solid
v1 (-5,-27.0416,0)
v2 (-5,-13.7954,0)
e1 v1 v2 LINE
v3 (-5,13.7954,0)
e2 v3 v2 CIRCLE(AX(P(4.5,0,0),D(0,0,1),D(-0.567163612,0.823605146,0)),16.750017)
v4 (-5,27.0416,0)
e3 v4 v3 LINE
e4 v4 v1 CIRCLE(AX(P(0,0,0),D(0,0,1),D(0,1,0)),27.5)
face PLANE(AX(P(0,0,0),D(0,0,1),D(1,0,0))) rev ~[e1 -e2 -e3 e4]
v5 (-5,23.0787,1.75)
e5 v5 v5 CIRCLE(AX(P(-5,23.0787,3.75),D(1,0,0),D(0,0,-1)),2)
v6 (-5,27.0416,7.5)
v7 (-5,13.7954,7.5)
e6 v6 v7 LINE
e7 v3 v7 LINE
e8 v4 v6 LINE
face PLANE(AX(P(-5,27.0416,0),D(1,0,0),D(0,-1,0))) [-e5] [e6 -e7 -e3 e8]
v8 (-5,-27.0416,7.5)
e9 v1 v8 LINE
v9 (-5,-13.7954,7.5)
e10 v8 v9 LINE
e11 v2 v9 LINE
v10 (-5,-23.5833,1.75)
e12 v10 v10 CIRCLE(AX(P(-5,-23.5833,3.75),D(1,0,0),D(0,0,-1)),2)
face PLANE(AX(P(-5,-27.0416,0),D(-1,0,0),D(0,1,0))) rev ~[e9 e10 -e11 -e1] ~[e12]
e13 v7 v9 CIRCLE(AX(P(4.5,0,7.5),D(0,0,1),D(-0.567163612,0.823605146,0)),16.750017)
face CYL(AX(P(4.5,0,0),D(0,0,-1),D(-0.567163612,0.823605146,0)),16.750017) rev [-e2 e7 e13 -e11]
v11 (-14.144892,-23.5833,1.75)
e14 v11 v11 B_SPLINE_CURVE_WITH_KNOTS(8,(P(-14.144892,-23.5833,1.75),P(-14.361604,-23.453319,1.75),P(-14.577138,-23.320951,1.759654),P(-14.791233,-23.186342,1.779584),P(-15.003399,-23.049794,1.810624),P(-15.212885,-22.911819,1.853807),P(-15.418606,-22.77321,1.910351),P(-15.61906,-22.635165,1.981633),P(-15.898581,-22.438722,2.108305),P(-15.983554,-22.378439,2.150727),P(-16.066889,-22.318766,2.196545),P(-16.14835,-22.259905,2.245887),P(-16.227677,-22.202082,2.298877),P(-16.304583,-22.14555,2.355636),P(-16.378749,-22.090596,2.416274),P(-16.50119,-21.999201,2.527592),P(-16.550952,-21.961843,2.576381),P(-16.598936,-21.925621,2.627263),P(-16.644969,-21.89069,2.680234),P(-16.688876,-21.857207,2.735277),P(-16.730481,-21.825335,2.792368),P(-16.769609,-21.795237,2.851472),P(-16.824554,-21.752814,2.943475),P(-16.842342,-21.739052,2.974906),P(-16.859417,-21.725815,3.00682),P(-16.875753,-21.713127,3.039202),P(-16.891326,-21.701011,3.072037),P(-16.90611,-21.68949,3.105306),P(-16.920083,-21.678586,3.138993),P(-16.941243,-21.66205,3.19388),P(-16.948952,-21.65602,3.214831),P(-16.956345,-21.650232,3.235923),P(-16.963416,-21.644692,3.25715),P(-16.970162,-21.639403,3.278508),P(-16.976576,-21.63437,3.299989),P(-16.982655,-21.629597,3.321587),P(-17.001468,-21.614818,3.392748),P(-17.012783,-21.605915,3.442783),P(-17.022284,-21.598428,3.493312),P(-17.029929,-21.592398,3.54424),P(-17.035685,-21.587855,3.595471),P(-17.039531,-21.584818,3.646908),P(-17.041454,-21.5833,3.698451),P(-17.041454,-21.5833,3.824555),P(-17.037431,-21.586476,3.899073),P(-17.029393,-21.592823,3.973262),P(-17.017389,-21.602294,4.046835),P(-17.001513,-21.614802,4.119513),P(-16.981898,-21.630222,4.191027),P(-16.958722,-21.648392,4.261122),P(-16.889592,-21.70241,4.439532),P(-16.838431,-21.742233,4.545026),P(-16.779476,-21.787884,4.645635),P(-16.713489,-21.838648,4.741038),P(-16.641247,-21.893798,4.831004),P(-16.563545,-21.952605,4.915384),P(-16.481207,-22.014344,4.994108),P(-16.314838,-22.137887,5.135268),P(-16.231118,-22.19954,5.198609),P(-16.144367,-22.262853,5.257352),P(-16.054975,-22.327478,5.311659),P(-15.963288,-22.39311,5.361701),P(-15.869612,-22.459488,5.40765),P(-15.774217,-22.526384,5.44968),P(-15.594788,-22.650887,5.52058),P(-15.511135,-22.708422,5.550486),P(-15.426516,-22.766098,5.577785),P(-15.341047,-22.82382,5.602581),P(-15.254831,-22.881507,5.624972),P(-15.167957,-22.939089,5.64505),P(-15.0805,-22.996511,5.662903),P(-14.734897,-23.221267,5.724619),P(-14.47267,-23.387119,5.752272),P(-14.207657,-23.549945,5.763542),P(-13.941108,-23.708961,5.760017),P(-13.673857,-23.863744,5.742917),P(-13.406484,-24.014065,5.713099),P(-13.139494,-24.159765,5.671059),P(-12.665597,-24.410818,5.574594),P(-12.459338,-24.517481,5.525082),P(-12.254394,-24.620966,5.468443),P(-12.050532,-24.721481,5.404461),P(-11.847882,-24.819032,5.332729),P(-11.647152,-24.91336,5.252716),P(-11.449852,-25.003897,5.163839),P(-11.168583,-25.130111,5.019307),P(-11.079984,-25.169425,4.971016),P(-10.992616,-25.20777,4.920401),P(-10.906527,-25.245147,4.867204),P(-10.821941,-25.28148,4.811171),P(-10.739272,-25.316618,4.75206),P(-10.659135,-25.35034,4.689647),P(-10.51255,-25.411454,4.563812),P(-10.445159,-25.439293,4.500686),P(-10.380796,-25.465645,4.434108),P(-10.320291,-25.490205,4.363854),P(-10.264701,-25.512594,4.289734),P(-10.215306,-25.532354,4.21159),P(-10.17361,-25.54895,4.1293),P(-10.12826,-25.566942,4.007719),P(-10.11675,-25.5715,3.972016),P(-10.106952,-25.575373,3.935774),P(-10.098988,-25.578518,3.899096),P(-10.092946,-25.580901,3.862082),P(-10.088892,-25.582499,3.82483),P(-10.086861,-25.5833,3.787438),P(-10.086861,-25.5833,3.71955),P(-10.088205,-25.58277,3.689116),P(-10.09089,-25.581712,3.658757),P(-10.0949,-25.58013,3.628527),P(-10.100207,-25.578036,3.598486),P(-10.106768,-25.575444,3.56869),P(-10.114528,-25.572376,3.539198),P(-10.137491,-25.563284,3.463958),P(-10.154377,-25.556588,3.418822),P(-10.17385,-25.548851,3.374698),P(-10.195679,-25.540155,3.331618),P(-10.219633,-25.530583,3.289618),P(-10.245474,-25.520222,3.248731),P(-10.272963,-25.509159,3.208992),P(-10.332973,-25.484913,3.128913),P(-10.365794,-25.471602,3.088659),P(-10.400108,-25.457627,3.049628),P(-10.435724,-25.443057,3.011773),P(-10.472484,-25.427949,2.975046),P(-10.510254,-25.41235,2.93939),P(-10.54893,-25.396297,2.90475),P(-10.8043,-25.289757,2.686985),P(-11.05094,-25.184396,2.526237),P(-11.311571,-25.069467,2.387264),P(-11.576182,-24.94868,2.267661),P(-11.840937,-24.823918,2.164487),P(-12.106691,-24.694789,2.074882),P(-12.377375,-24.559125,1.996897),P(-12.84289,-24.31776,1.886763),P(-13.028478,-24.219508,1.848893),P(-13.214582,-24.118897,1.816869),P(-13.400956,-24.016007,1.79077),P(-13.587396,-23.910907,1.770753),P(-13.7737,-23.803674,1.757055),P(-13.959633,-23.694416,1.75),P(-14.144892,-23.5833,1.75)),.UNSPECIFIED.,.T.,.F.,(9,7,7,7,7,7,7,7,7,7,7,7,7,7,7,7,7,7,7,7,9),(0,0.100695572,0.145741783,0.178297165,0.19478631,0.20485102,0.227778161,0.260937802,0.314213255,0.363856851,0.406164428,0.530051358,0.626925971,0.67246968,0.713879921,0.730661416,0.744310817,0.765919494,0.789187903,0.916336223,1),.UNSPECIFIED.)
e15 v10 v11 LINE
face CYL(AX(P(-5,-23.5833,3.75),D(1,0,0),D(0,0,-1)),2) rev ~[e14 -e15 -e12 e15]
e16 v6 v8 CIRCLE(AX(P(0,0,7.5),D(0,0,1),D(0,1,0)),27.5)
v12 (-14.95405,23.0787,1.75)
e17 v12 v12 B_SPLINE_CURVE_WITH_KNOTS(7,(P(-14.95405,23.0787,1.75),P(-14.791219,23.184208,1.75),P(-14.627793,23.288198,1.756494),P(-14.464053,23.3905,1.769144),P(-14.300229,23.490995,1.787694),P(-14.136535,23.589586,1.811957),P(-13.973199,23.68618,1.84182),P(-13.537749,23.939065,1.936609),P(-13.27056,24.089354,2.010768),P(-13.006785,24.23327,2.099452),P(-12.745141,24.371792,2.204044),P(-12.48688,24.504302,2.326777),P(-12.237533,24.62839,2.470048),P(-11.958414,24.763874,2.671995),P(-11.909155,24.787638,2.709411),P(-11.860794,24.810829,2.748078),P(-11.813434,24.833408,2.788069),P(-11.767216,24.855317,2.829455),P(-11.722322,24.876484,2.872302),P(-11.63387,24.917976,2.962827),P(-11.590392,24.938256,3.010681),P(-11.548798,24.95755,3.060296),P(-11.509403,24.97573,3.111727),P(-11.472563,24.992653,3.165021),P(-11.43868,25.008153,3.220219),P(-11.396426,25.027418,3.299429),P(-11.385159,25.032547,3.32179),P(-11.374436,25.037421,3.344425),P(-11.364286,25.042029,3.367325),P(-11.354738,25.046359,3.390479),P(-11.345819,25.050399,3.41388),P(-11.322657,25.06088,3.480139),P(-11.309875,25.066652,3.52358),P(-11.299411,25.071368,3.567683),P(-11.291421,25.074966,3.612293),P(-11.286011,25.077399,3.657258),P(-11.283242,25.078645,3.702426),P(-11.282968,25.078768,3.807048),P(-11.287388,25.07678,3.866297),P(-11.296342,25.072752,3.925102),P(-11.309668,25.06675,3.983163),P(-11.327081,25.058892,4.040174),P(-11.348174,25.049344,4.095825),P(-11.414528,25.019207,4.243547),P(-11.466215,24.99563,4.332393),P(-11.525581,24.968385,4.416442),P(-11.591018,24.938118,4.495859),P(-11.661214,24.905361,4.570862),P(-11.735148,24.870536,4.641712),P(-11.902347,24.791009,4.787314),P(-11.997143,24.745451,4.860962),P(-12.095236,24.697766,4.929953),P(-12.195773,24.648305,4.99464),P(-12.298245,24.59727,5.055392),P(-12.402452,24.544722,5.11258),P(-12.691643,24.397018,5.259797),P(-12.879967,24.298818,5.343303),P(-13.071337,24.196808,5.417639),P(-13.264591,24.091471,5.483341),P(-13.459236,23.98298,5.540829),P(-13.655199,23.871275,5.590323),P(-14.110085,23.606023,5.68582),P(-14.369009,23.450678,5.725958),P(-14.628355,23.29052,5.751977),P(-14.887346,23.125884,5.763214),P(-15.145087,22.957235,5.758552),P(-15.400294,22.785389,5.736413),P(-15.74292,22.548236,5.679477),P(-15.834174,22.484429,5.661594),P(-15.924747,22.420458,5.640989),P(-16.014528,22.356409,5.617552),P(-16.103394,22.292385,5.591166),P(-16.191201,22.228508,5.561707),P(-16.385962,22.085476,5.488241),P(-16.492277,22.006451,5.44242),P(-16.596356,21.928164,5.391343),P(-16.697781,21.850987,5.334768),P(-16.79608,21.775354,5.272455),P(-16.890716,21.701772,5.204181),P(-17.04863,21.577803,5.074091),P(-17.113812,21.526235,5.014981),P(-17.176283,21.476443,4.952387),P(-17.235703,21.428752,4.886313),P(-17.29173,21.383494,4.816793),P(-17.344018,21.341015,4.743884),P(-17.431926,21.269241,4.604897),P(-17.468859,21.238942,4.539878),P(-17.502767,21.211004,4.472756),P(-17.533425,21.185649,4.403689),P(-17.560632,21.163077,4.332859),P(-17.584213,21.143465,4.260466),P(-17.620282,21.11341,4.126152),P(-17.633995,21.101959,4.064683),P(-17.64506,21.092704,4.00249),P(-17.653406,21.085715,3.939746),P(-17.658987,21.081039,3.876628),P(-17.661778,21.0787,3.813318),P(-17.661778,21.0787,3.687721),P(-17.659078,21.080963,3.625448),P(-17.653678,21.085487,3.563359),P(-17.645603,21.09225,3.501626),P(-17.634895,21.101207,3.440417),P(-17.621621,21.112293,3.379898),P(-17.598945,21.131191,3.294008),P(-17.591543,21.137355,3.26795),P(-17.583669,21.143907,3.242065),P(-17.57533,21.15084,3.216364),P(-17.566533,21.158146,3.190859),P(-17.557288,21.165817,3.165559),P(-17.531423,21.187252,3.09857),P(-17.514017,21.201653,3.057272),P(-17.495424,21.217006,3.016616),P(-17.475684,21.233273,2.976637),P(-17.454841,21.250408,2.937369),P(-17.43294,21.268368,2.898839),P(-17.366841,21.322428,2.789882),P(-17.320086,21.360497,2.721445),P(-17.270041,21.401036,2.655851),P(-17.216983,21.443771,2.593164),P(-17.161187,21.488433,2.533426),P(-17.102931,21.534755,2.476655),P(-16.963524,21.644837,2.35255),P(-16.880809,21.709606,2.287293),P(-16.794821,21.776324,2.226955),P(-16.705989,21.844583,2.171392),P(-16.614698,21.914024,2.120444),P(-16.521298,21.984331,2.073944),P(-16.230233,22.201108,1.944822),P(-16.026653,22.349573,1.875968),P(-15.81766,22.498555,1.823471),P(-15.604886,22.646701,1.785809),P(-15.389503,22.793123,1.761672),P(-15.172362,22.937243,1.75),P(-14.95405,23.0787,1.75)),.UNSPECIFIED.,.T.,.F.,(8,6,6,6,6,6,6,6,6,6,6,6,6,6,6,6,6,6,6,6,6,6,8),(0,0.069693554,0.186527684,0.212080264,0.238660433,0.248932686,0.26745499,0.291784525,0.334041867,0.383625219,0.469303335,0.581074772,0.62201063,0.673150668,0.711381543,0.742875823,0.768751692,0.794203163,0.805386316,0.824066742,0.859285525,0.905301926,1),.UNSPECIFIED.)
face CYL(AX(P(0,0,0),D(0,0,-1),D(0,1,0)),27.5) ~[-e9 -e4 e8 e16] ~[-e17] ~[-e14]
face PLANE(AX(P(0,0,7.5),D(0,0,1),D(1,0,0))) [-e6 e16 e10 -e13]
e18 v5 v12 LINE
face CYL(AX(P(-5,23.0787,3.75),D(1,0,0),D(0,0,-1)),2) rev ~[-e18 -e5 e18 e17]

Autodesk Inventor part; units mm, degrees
ref_plane "YZ Plane" through (0, 0, 0) normal (1, 0, 0) x (0, 1, 0)
ref_plane "XZ Plane" through (0, 0, 0) normal (0, 1, 0) x (-1, 0, 0)
ref_plane "XY Plane" through (0, 0, 0) normal (0, 0, 1) x (1, 0, 0)
sketch "Sketch1" plane through (0, 0, 0) normal (0, 0, 1) x (1, 0, 0)
  arc A0 (0, 27.5) -> (0, -27.5) centre (0, 0) ccw
  arc A1 (-5, 13.7954) -> (-5, -13.7954) centre (4.5, 0) ccw
  line L0 (-5, -27.0416) -> (-5, -13.7954)
  arc A2 (-5, 27.0416) -> (-5, -27.0416) centre (0, 0) ccw
  line L1 (-5, 27.0416) -> (-5, 13.7954)
  point P0 (3.7885, 24.6247)
  point P1 (-3.7885, 24.6247)
  point P2 (-4.5, 0)
  point P3 (5, 27.5)
extrude "Extrusion1" add sketch "Sketch1" along normal blind 7.5
sketch "Sketch2" plane through (-5, -27.0416, 0) normal (1, 0, 0) x (0, 0, -1)
  line L0 (0, 6.9167) -> (7.5, 6.9167)
  line L1 (0, 0) -> (0, 6.9167)
  line L2 (0, 6.9167) -> (7.5, 6.9167)
  line L3 (7.5, 26.7893) -> (7.5, 0)
  line L4 (7.5, 6.9167) -> (7.5, 0)
  line L5 (7.5, 0) -> (0, 0)
  line L6 (7.5, 0) -> (0, 0)
  circle A0 centre (3.75, 3.4583) radius 1
  line L7 (0, 0) -> (3.0149, 2.7804)
  line L8 (4.4851, 4.1363) -> (7.5, 6.9167)
  line L9 (0, 6.9167) -> (3.0149, 4.1363)
  line L10 (4.4851, 2.7804) -> (7.5, 0)
  line L11 (0, 0) -> (0, 53.5786)
  line L12 (0, 53.5786) -> (0, 0)
  line L13 (0, 26.7893) -> (7.5, 26.7893)
  circle A1 centre (3.75, 50.1203) radius 1
  circle A2 centre (-3.75, 3.4583) radius 1
  circle A3 centre (-3.75, 50.1203) radius 1
  circle A4 centre (-3.75, 3.4583) radius 2
  circle A5 centre (-3.75, 50.1203) radius 2
  point P0 (0, 27.0416)
  point P1 (280.32, 51.414)
  dimension "d2" = 2
  dimension "d5" = 4
  dimension "d6" = 4
extrude "Extrusion2" cut sketch "Sketch2" against normal blind 25.4 contours A2 | A3
extrude "Extrusion3" cut sketch "Sketch2" against normal blind 18.575 contours A2 | A3 | A4 | A5
sketch "Sketch3" plane through (0, 0, 7.5) normal (0, 0, 1) x (1, 0, 0)
  line L0 (-5, 13.7954) -> (-5, 27.0416) projected
  arc A0 (-5, 27.0416) -> (-5, -27.0416) centre (0, 0) ccw projected
properties part number "Contrapeso5"
